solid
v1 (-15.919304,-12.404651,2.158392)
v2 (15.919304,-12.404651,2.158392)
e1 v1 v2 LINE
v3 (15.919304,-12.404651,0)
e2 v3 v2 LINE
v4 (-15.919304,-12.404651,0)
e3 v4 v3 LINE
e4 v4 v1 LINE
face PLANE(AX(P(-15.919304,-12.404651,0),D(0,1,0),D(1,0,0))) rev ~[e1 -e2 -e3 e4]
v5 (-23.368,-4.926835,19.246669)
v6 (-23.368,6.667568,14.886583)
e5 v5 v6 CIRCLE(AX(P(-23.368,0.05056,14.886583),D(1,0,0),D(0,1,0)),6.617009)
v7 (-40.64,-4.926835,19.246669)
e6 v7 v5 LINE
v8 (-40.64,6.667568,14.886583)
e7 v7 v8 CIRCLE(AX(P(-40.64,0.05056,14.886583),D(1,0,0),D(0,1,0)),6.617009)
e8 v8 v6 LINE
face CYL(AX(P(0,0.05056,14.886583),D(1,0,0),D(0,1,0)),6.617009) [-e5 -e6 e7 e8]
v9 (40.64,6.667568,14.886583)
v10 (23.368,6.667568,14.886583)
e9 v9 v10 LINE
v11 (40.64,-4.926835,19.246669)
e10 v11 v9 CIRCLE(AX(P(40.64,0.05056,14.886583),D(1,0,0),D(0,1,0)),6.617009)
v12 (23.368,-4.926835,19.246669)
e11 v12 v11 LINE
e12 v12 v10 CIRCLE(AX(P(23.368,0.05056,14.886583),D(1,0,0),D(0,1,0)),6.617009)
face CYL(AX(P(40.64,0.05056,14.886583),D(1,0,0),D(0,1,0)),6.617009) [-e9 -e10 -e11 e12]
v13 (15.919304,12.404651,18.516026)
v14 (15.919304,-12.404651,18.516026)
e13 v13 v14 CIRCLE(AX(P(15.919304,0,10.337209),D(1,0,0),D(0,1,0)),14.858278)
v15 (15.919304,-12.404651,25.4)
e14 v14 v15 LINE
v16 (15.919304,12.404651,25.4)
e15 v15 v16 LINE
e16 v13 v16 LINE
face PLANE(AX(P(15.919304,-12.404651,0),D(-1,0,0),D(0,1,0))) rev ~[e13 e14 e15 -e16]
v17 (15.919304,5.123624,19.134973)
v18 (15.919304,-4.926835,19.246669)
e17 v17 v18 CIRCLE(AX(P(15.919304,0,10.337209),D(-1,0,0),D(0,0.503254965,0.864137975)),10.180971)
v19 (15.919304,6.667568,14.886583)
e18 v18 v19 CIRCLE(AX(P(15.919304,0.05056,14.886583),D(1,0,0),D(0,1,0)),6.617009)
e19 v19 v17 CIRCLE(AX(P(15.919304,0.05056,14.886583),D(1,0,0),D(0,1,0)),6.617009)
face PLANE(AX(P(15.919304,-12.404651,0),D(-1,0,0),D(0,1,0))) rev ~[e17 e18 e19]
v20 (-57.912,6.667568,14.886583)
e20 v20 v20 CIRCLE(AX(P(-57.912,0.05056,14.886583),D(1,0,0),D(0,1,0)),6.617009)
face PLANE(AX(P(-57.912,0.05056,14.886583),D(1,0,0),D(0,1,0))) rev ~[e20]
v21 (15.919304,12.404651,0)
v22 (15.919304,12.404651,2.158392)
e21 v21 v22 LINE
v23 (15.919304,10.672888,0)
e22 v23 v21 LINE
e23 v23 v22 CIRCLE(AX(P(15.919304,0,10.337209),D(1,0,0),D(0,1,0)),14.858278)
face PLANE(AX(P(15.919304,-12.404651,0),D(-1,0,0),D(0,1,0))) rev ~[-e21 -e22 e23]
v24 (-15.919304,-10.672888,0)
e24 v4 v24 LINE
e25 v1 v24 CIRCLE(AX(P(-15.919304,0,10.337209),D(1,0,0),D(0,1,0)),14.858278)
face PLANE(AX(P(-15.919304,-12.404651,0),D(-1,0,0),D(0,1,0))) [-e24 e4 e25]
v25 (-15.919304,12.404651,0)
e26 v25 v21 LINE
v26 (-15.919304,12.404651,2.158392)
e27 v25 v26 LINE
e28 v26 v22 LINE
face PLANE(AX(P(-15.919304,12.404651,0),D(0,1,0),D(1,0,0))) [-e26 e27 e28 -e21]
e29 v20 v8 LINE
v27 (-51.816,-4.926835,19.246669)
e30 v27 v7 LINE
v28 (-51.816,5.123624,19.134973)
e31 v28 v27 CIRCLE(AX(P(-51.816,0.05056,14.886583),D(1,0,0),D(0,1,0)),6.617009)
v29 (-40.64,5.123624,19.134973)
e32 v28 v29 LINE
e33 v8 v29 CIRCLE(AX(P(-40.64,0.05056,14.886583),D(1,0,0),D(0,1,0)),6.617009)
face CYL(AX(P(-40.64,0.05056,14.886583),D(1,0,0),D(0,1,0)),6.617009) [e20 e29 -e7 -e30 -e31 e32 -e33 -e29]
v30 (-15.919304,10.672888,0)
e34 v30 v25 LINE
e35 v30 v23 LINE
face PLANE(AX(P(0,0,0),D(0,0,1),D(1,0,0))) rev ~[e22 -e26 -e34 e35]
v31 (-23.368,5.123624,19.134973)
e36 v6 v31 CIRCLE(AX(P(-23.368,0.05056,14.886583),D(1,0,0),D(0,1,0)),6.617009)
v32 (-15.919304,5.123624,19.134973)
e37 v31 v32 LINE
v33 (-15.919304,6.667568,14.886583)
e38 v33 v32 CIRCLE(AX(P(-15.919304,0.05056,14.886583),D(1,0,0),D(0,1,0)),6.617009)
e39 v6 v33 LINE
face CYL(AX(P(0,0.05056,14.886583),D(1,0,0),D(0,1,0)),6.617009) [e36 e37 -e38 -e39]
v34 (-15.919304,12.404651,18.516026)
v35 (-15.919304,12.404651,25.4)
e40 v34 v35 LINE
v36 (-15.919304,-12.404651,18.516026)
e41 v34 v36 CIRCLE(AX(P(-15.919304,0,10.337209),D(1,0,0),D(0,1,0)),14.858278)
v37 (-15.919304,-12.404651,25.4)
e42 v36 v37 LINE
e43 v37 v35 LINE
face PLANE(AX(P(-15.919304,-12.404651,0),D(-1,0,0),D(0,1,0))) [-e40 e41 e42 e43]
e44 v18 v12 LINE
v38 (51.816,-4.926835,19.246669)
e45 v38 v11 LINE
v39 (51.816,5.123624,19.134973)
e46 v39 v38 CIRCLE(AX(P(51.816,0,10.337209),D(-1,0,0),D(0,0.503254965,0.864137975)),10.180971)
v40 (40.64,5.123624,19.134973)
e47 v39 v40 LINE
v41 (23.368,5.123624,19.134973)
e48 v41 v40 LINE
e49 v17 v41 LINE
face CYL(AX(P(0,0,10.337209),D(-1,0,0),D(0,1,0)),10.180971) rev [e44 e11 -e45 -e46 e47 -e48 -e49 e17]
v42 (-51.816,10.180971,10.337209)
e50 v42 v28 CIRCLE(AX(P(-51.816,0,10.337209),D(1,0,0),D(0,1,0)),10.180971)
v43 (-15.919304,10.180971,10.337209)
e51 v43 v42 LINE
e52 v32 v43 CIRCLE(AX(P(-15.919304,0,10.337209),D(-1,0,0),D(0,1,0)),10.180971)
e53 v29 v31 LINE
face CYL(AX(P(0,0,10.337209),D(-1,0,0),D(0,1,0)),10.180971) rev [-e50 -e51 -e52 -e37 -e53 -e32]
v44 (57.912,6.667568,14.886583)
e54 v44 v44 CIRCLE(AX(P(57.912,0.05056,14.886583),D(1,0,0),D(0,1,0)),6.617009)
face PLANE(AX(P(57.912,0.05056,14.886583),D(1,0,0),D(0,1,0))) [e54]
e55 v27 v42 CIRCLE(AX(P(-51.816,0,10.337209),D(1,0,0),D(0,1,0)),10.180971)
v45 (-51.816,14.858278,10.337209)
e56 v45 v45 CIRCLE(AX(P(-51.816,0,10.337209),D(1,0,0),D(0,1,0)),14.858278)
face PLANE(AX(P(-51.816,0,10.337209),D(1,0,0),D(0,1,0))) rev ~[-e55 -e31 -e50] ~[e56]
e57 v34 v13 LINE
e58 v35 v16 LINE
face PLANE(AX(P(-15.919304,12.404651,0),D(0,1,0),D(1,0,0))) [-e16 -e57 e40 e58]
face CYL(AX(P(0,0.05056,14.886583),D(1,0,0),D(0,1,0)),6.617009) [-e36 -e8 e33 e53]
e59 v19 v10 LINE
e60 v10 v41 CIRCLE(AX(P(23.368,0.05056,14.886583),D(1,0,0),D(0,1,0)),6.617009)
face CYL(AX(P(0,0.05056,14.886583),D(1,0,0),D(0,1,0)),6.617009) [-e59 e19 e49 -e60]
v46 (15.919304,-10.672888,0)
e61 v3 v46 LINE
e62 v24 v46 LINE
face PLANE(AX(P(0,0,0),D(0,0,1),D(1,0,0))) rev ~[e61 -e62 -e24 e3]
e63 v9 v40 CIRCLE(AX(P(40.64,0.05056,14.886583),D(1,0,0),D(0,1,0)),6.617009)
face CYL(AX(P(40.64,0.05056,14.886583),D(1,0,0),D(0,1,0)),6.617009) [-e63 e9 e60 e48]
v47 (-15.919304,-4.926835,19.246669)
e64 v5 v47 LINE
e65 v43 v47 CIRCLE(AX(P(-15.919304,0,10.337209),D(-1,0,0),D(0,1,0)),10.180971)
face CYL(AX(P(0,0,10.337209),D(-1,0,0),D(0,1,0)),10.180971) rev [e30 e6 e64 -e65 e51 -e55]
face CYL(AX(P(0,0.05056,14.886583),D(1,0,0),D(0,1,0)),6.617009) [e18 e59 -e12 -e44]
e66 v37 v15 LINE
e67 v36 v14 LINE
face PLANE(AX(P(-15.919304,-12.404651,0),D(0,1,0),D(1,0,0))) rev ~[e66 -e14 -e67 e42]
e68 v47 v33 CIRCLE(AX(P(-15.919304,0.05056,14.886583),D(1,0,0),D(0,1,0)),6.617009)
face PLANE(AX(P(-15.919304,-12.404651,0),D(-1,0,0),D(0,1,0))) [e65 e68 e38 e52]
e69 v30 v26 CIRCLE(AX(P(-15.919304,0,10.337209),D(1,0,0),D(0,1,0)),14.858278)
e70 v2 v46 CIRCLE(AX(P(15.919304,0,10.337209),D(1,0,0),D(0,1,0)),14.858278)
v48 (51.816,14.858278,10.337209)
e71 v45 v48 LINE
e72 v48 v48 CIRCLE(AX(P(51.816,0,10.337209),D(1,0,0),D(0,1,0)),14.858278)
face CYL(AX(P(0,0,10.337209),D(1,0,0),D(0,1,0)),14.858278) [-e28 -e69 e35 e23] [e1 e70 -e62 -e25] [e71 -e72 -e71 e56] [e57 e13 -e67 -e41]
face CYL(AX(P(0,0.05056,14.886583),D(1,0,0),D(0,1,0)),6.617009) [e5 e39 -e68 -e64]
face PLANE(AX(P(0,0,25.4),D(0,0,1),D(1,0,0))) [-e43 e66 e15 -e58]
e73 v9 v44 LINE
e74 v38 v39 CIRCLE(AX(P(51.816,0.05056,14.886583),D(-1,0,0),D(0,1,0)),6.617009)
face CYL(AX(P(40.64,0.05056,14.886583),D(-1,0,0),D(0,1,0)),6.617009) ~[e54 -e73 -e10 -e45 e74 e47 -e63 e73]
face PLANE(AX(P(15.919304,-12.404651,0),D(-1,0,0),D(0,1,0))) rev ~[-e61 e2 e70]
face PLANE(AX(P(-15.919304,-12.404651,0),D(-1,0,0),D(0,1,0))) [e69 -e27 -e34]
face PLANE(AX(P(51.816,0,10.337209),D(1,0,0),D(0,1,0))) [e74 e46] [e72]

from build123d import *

# Parameters (mm, degrees)
F0_W     = 31.838607043
F0_H     = 24.8093027622
F1_DEPTH = 25.4
F2_R     = 6.6170085052
F3_DEPTH = 40.64
F4_DEPTH = 17.272
F5_R     = 14.8582779771
F5_R_2   = 10.1809706262
F6_DEPTH = 51.816


with BuildPart() as f1:
    # F0 (on Top) → F1 (new body)
    with BuildSketch(Plane.XY):
        Rectangle(F0_W, F0_H)
    extrude(amount=F1_DEPTH)

    # F2 (on Right) → F3 (join, symmetric)
    with BuildSketch(Plane.YZ):
        with Locations((0.0505595074, 14.8865826207)):
            Circle(F2_R)
    extrude(amount=F3_DEPTH, both=True)

    # F4 (add, symmetric): faces of the model
    f4_faces = [f1.faces().sort_by_distance(p)[0] for p in [
        (-40.64, 0.0505595074, 14.8865826207),
        (40.64, 0.0505595074, 14.8865826207),
    ]]
    extrude(f4_faces, amount=F4_DEPTH, both=True, dir=(-1, 0, 0))

    # F5 (on Right) → F6 (join, symmetric)
    with BuildSketch(Plane.YZ):
        with Locations((0, 10.337209329)):
            Circle(F5_R)
        with Locations((0, 10.337209329)):
            Circle(F5_R_2, mode=Mode.SUBTRACT)
    extrude(amount=F6_DEPTH, both=True)


solid = f1.part
